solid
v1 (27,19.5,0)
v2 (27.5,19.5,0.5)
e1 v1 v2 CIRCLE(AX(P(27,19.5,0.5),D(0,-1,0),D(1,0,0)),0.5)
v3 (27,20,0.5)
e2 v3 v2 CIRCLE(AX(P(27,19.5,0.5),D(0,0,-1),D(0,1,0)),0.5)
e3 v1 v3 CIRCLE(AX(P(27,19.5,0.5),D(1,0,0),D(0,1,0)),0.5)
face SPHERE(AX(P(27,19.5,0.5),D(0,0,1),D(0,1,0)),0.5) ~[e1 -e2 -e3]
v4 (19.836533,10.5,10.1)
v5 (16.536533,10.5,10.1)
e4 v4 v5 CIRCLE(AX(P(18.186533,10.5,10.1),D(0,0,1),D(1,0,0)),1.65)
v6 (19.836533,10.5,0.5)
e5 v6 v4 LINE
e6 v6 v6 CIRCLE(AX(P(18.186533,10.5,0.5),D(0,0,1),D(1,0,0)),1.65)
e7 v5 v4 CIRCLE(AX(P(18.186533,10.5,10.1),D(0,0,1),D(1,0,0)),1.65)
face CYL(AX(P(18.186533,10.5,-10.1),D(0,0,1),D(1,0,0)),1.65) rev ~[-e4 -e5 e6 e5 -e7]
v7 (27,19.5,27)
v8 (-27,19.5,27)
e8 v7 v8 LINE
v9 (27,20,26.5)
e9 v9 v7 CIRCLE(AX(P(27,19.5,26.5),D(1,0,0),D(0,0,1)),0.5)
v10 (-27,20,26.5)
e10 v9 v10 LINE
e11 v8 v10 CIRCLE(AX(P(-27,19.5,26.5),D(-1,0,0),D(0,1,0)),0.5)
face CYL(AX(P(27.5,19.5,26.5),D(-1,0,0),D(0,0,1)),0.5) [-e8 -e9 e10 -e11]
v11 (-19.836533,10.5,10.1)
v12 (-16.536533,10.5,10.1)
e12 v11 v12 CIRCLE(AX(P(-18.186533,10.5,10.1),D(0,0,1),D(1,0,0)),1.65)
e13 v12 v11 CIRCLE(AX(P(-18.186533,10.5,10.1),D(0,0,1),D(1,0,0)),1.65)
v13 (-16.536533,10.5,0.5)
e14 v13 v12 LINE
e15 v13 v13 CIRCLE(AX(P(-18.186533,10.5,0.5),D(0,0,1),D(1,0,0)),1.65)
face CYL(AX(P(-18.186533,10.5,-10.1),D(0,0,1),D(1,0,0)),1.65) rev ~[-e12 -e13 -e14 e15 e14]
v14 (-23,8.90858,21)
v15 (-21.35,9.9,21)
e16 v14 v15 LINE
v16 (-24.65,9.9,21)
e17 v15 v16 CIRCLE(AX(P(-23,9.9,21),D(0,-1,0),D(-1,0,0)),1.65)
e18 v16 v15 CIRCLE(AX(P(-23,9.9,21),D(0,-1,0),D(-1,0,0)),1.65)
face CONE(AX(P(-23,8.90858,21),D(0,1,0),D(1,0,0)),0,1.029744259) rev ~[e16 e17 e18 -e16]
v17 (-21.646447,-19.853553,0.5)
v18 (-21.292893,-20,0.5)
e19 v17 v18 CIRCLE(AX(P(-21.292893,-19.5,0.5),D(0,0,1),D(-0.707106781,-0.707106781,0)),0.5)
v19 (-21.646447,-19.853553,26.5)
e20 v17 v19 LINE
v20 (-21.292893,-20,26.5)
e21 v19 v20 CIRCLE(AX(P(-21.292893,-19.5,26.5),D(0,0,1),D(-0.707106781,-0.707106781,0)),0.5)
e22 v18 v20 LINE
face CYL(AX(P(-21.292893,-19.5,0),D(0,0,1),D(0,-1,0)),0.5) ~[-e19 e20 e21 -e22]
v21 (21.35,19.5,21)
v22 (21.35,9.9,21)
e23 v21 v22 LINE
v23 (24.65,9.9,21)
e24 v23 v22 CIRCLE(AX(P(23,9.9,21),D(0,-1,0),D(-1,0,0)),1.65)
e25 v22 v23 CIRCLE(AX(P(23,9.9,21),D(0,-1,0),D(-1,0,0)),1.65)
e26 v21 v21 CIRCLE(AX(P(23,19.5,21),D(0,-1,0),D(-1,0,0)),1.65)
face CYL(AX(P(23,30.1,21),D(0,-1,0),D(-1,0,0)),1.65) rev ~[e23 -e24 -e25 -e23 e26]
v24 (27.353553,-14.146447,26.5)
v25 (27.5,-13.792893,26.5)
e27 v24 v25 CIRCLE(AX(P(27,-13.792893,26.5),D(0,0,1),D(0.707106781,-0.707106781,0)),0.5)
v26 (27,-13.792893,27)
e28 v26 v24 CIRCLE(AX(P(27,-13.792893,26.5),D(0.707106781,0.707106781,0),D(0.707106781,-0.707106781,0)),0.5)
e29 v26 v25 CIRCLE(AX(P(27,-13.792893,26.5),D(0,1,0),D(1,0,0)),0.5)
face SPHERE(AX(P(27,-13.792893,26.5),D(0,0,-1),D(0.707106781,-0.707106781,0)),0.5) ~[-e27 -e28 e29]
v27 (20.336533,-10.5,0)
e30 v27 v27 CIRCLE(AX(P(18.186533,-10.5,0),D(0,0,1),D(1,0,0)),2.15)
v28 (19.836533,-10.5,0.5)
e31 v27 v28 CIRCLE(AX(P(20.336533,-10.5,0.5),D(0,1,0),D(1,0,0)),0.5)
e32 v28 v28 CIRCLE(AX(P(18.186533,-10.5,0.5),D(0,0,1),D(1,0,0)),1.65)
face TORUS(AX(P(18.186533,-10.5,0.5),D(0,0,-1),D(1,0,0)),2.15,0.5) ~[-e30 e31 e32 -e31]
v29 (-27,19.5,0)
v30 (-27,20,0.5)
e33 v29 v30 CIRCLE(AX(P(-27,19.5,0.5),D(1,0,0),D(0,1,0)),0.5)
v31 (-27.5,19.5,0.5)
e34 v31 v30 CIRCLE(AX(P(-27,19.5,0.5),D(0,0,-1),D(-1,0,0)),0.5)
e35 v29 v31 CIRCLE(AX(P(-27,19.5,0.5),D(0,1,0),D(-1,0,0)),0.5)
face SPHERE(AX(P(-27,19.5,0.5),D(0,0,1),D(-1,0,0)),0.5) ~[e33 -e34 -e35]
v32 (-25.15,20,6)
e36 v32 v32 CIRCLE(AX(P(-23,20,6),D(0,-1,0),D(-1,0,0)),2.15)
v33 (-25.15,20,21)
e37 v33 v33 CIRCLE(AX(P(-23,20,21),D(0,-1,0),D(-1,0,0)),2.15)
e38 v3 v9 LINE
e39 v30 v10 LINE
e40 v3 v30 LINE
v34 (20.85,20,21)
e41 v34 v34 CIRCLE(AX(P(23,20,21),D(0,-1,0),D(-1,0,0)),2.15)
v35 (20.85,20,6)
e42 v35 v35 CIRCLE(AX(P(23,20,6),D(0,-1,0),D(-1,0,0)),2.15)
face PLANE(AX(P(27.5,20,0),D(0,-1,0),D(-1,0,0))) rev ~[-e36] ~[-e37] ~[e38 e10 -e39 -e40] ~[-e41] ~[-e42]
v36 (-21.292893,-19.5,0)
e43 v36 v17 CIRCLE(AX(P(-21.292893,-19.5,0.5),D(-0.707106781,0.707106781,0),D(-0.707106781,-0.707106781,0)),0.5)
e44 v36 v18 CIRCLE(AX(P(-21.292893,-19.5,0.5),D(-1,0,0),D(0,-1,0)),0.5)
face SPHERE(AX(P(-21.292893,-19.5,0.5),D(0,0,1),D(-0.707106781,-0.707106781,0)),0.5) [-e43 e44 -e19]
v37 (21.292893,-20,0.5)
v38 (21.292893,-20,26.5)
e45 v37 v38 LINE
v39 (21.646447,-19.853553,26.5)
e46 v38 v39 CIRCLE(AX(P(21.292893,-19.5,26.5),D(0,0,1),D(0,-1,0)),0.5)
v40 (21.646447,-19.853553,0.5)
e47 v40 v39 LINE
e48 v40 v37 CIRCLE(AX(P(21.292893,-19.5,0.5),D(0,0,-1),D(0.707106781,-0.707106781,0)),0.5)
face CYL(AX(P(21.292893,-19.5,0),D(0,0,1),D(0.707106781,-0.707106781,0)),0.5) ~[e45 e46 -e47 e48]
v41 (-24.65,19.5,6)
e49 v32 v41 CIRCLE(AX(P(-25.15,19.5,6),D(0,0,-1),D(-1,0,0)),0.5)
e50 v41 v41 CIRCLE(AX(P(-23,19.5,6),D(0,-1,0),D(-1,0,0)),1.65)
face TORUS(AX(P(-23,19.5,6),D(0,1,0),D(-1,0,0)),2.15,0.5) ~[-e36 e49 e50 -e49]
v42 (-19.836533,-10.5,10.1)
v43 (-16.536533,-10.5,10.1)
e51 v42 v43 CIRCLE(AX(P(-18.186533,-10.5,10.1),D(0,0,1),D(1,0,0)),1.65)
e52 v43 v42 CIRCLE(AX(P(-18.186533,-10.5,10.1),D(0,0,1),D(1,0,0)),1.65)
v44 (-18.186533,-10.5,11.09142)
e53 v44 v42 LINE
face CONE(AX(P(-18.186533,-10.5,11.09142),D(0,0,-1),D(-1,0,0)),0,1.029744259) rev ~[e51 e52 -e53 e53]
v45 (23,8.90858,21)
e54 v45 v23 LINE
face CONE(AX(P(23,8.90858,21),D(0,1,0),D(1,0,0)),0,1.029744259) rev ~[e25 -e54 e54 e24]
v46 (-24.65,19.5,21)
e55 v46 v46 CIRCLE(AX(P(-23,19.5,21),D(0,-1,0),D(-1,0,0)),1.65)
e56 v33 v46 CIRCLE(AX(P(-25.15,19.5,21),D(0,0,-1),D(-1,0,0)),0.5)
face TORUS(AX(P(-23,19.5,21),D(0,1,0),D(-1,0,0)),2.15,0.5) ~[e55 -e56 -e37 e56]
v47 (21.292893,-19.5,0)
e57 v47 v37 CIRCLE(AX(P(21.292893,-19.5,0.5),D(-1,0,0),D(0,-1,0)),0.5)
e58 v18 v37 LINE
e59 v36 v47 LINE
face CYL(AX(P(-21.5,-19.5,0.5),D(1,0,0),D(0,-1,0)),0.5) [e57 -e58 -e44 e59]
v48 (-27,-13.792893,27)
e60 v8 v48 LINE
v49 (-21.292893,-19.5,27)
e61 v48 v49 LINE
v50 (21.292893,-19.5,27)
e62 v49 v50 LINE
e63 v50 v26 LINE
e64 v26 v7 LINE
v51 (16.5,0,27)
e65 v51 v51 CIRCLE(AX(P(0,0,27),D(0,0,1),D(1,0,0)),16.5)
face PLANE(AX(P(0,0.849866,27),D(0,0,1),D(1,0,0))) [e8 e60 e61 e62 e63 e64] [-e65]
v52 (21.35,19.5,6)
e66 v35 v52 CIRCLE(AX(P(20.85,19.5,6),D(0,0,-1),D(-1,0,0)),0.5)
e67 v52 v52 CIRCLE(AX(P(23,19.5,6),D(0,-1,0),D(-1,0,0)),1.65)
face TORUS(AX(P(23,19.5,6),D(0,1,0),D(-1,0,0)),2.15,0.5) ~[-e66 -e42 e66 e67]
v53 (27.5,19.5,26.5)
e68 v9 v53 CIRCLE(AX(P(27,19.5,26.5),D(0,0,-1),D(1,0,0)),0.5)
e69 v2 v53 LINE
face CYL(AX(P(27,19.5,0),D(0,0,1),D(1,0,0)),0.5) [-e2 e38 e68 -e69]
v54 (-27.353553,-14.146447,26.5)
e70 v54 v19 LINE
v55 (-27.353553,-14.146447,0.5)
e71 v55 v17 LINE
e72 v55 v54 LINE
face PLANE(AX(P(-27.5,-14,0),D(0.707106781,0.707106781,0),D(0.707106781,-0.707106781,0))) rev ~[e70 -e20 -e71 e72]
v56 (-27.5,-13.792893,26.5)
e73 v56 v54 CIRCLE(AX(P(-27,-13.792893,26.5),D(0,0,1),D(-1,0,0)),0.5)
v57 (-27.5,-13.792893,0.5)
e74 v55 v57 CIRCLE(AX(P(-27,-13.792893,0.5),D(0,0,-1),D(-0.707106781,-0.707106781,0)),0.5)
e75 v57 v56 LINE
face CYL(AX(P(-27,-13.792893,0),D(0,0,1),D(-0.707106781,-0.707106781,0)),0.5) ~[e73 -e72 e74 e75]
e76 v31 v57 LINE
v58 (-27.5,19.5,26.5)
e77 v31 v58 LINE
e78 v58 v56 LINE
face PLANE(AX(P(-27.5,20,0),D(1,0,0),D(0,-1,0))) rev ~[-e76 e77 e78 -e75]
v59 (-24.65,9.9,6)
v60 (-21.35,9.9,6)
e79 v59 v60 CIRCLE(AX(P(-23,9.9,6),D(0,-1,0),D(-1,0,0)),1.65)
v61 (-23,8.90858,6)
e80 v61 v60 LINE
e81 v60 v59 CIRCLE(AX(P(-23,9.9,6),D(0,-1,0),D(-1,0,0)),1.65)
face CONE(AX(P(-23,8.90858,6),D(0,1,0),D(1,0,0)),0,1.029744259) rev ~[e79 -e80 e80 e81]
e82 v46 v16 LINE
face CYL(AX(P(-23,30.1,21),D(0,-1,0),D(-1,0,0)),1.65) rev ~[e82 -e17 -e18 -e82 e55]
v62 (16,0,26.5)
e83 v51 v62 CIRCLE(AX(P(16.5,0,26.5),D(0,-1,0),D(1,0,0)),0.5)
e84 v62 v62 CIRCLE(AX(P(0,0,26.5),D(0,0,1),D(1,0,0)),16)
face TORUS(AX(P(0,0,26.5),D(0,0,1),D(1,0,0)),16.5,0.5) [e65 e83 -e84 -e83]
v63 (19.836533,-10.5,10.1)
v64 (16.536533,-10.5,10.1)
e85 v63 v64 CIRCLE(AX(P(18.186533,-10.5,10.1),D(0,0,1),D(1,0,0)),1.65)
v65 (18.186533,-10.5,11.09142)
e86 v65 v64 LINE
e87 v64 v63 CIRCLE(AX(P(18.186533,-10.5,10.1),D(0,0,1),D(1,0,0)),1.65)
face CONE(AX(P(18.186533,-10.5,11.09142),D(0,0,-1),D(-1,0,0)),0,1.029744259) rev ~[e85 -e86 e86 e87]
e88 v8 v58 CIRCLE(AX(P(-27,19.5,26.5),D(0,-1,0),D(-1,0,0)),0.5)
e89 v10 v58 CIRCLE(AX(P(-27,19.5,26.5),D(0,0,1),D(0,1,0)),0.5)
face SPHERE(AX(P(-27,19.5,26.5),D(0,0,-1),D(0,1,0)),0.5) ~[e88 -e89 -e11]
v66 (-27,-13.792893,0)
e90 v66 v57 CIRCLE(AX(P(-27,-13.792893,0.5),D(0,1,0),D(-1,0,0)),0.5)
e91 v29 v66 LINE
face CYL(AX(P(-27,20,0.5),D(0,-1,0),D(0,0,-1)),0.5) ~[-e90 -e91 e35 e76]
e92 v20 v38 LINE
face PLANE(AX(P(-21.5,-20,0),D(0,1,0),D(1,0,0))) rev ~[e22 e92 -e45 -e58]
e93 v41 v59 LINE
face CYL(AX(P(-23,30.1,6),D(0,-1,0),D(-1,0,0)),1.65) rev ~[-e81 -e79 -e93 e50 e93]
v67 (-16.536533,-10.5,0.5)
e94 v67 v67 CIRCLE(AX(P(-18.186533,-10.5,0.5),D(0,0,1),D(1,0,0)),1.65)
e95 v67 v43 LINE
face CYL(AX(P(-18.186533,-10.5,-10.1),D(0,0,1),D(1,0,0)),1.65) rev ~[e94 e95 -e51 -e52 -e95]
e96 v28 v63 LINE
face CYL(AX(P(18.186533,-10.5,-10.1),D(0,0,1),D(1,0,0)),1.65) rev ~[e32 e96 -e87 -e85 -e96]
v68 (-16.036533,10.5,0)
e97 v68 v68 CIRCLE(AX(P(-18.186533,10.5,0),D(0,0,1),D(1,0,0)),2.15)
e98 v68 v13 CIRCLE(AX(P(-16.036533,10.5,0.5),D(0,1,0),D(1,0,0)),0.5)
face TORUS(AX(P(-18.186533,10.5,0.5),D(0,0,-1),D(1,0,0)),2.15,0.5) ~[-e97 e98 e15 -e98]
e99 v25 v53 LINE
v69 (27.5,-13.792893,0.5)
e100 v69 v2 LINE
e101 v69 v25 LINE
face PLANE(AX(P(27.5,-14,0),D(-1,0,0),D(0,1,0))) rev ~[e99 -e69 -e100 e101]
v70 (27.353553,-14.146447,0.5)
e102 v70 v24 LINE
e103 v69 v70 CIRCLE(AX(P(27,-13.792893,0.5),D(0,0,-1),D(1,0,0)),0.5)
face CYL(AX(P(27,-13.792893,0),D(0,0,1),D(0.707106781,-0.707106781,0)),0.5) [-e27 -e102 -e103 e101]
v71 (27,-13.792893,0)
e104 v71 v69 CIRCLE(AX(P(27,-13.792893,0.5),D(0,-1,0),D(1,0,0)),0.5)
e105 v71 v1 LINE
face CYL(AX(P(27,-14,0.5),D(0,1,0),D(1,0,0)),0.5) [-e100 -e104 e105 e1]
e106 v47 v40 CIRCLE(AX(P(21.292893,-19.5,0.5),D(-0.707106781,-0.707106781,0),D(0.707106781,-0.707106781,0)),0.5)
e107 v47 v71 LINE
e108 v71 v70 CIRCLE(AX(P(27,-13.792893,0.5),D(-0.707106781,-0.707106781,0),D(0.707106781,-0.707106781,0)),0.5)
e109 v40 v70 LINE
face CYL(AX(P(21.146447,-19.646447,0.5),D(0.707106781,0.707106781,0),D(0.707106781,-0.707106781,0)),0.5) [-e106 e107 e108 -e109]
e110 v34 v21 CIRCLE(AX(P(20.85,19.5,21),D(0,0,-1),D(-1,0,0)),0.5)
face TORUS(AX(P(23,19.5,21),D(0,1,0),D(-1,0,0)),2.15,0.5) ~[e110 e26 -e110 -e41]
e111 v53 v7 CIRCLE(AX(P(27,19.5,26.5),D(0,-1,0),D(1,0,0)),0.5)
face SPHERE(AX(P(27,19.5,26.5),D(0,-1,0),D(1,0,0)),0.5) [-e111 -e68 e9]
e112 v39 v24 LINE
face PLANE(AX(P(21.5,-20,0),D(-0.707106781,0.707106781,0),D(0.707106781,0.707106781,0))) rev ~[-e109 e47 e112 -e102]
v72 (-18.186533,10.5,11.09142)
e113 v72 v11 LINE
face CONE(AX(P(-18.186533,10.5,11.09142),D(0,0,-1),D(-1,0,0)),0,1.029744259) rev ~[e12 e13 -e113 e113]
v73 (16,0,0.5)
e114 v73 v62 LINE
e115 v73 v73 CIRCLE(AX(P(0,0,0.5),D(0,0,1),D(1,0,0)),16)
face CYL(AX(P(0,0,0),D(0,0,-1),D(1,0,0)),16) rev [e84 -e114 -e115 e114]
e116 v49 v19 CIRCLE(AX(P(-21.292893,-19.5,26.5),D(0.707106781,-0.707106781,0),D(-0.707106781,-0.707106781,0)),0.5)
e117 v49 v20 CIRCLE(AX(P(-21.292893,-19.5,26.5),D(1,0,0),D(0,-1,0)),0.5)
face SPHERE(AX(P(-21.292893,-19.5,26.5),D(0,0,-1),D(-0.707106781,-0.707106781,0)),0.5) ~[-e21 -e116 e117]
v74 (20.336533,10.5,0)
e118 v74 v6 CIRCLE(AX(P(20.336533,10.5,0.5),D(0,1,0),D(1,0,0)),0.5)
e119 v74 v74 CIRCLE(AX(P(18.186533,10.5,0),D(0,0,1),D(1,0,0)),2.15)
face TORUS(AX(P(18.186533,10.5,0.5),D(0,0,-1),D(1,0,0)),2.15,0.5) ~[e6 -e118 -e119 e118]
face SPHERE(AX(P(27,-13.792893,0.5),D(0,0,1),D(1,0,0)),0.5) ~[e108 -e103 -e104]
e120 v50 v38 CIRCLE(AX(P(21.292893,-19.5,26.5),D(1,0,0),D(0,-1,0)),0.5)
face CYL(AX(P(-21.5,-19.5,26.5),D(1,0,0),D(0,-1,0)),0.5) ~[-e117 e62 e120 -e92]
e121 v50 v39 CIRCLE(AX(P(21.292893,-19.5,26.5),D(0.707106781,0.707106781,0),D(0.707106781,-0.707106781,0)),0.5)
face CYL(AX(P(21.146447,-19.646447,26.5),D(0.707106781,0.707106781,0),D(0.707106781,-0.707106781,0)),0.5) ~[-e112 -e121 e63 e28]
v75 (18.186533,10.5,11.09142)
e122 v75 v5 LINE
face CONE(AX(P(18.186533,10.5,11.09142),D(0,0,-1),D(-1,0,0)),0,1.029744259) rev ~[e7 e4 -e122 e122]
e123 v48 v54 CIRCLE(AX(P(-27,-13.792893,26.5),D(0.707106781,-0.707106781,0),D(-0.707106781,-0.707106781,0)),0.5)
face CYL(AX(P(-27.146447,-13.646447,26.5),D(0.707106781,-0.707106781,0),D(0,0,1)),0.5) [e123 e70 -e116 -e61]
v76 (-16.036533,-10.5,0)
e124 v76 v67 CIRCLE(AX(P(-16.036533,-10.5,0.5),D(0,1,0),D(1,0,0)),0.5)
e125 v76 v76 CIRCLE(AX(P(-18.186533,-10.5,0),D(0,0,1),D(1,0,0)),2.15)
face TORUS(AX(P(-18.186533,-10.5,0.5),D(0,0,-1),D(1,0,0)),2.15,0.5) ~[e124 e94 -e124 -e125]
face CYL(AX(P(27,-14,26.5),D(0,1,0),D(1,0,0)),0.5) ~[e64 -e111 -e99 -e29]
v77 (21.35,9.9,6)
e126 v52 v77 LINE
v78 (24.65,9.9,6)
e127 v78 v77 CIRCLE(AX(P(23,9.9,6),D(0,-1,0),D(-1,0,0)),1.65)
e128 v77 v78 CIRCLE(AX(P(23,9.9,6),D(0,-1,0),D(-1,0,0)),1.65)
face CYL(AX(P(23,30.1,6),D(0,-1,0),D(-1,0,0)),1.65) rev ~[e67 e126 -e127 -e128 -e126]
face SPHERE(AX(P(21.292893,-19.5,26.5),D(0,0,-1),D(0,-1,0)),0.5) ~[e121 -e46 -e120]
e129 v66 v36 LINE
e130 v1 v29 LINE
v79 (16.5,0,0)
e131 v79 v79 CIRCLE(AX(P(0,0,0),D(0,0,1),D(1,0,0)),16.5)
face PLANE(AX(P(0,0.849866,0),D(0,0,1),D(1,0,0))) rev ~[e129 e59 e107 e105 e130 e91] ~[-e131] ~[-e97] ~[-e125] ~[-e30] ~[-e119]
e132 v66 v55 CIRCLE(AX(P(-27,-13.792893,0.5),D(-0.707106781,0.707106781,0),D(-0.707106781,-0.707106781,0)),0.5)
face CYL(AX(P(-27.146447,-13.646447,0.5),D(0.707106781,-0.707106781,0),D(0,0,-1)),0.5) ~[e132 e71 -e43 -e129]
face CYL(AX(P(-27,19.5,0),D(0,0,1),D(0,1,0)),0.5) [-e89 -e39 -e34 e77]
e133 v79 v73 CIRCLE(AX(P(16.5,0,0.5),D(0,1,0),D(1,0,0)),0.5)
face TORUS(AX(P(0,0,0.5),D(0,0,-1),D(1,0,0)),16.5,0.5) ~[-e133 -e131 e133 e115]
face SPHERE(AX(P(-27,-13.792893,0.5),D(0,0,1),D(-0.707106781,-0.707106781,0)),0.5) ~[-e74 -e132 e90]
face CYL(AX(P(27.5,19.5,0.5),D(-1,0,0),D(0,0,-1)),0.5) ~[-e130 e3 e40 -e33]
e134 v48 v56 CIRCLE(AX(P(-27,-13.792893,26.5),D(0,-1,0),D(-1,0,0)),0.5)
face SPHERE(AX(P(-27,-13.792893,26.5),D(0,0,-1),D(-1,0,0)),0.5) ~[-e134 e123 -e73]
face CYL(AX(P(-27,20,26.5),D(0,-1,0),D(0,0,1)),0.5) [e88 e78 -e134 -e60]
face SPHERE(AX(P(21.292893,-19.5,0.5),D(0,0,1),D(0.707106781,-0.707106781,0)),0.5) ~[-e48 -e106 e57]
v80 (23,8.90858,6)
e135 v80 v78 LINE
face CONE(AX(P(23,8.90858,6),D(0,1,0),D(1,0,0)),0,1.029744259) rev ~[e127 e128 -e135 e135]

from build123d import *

# Parameters (mm, degrees)
SKETCH1_R             = 16
BOSS_EXTRUDE1_DEPTH   = 27
M4_TAPPED_HOLE1_D     = 3.3
M4_TAPPED_HOLE1_DEPTH = 10.1
M4_TAPPED_HOLE1_TIP   = 0.991420021
M4_TAPPED_HOLE2_D     = 3.3
M4_TAPPED_HOLE2_DEPTH = 10.1
M4_TAPPED_HOLE2_TIP   = 0.991420021
FILLET1_R             = 0.5


with BuildPart() as part:
    # Sketch1 → Boss-Extrude1 (new body)
    with BuildSketch(Plane.XY):
        Polygon((21.5, -20), (27.5, -14), (27.5, 20), (-27.5, 20), (-27.5, -14), (-21.5, -20), align=None)
        Circle(SKETCH1_R, mode=Mode.SUBTRACT)
    extrude(amount=BOSS_EXTRUDE1_DEPTH)

    # M4 Tapped Hole1
    with Locations(Plane(origin=(0, 0, 0), x_dir=(-1, 0, 0), z_dir=(0, 0, -1))):
        with Locations((18.186533479, 10.5), (18.186533479, -10.5), (-18.186533479, -10.5), (-18.186533479, 10.5)):
            Hole(M4_TAPPED_HOLE1_D / 2, depth=M4_TAPPED_HOLE1_DEPTH)
            with Locations((0, 0, -(M4_TAPPED_HOLE1_DEPTH + M4_TAPPED_HOLE1_TIP / 2))):  # 118° drill point
                Cone(0, M4_TAPPED_HOLE1_D / 2, M4_TAPPED_HOLE1_TIP, mode=Mode.SUBTRACT)

    # M4 Tapped Hole2
    with Locations(Plane(origin=(0, 20, 0), x_dir=(1, 0, 0), z_dir=(0, 1, 0))):
        with Locations((23, -21), (23, -6), (-23, -6), (-23, -21)):
            Hole(M4_TAPPED_HOLE2_D / 2, depth=M4_TAPPED_HOLE2_DEPTH)
            with Locations((0, 0, -(M4_TAPPED_HOLE2_DEPTH + M4_TAPPED_HOLE2_TIP / 2))):  # 118° drill point
                Cone(0, M4_TAPPED_HOLE2_D / 2, M4_TAPPED_HOLE2_TIP, mode=Mode.SUBTRACT)

    # Fillet1
    fillet1_edges = [part.edges().sort_by_distance(p)[0] for p in [
        (27.5, 3, 27),
        (-21.5, -20, 13.5),
        (-27.5, -14, 13.5),
        (-27.5, 20, 13.5),
        (27.5, 20, 13.5),
        (27.5, -14, 13.5),
        (21.5, -20, 13.5),
        (0, 20, 27),
        (-27.5, 3, 27),
        (-16, 0, 0),
        (-16, 0, 27),
        (-24.5, -17, 27),
        (16.536533479, 10.5, 0),
        (16.536533479, -10.5, 0),
        (-19.836533479, -10.5, 0),
        (-19.836533479, 10.5, 0),
        (0, -20, 27),
        (-21.35, 20, 21),
        (-21.35, 20, 6),
        (24.65, 20, 6),
        (24.65, 20, 21),
        (-24.5, -17, 0),
        (-27.5, 3, 0),
        (0, 20, 0),
        (24.5, -17, 27),
        (27.5, 3, 0),
        (24.5, -17, 0),
        (0, -20, 0),
    ]]
    fillet(fillet1_edges, radius=FILLET1_R)


solid = part.part
